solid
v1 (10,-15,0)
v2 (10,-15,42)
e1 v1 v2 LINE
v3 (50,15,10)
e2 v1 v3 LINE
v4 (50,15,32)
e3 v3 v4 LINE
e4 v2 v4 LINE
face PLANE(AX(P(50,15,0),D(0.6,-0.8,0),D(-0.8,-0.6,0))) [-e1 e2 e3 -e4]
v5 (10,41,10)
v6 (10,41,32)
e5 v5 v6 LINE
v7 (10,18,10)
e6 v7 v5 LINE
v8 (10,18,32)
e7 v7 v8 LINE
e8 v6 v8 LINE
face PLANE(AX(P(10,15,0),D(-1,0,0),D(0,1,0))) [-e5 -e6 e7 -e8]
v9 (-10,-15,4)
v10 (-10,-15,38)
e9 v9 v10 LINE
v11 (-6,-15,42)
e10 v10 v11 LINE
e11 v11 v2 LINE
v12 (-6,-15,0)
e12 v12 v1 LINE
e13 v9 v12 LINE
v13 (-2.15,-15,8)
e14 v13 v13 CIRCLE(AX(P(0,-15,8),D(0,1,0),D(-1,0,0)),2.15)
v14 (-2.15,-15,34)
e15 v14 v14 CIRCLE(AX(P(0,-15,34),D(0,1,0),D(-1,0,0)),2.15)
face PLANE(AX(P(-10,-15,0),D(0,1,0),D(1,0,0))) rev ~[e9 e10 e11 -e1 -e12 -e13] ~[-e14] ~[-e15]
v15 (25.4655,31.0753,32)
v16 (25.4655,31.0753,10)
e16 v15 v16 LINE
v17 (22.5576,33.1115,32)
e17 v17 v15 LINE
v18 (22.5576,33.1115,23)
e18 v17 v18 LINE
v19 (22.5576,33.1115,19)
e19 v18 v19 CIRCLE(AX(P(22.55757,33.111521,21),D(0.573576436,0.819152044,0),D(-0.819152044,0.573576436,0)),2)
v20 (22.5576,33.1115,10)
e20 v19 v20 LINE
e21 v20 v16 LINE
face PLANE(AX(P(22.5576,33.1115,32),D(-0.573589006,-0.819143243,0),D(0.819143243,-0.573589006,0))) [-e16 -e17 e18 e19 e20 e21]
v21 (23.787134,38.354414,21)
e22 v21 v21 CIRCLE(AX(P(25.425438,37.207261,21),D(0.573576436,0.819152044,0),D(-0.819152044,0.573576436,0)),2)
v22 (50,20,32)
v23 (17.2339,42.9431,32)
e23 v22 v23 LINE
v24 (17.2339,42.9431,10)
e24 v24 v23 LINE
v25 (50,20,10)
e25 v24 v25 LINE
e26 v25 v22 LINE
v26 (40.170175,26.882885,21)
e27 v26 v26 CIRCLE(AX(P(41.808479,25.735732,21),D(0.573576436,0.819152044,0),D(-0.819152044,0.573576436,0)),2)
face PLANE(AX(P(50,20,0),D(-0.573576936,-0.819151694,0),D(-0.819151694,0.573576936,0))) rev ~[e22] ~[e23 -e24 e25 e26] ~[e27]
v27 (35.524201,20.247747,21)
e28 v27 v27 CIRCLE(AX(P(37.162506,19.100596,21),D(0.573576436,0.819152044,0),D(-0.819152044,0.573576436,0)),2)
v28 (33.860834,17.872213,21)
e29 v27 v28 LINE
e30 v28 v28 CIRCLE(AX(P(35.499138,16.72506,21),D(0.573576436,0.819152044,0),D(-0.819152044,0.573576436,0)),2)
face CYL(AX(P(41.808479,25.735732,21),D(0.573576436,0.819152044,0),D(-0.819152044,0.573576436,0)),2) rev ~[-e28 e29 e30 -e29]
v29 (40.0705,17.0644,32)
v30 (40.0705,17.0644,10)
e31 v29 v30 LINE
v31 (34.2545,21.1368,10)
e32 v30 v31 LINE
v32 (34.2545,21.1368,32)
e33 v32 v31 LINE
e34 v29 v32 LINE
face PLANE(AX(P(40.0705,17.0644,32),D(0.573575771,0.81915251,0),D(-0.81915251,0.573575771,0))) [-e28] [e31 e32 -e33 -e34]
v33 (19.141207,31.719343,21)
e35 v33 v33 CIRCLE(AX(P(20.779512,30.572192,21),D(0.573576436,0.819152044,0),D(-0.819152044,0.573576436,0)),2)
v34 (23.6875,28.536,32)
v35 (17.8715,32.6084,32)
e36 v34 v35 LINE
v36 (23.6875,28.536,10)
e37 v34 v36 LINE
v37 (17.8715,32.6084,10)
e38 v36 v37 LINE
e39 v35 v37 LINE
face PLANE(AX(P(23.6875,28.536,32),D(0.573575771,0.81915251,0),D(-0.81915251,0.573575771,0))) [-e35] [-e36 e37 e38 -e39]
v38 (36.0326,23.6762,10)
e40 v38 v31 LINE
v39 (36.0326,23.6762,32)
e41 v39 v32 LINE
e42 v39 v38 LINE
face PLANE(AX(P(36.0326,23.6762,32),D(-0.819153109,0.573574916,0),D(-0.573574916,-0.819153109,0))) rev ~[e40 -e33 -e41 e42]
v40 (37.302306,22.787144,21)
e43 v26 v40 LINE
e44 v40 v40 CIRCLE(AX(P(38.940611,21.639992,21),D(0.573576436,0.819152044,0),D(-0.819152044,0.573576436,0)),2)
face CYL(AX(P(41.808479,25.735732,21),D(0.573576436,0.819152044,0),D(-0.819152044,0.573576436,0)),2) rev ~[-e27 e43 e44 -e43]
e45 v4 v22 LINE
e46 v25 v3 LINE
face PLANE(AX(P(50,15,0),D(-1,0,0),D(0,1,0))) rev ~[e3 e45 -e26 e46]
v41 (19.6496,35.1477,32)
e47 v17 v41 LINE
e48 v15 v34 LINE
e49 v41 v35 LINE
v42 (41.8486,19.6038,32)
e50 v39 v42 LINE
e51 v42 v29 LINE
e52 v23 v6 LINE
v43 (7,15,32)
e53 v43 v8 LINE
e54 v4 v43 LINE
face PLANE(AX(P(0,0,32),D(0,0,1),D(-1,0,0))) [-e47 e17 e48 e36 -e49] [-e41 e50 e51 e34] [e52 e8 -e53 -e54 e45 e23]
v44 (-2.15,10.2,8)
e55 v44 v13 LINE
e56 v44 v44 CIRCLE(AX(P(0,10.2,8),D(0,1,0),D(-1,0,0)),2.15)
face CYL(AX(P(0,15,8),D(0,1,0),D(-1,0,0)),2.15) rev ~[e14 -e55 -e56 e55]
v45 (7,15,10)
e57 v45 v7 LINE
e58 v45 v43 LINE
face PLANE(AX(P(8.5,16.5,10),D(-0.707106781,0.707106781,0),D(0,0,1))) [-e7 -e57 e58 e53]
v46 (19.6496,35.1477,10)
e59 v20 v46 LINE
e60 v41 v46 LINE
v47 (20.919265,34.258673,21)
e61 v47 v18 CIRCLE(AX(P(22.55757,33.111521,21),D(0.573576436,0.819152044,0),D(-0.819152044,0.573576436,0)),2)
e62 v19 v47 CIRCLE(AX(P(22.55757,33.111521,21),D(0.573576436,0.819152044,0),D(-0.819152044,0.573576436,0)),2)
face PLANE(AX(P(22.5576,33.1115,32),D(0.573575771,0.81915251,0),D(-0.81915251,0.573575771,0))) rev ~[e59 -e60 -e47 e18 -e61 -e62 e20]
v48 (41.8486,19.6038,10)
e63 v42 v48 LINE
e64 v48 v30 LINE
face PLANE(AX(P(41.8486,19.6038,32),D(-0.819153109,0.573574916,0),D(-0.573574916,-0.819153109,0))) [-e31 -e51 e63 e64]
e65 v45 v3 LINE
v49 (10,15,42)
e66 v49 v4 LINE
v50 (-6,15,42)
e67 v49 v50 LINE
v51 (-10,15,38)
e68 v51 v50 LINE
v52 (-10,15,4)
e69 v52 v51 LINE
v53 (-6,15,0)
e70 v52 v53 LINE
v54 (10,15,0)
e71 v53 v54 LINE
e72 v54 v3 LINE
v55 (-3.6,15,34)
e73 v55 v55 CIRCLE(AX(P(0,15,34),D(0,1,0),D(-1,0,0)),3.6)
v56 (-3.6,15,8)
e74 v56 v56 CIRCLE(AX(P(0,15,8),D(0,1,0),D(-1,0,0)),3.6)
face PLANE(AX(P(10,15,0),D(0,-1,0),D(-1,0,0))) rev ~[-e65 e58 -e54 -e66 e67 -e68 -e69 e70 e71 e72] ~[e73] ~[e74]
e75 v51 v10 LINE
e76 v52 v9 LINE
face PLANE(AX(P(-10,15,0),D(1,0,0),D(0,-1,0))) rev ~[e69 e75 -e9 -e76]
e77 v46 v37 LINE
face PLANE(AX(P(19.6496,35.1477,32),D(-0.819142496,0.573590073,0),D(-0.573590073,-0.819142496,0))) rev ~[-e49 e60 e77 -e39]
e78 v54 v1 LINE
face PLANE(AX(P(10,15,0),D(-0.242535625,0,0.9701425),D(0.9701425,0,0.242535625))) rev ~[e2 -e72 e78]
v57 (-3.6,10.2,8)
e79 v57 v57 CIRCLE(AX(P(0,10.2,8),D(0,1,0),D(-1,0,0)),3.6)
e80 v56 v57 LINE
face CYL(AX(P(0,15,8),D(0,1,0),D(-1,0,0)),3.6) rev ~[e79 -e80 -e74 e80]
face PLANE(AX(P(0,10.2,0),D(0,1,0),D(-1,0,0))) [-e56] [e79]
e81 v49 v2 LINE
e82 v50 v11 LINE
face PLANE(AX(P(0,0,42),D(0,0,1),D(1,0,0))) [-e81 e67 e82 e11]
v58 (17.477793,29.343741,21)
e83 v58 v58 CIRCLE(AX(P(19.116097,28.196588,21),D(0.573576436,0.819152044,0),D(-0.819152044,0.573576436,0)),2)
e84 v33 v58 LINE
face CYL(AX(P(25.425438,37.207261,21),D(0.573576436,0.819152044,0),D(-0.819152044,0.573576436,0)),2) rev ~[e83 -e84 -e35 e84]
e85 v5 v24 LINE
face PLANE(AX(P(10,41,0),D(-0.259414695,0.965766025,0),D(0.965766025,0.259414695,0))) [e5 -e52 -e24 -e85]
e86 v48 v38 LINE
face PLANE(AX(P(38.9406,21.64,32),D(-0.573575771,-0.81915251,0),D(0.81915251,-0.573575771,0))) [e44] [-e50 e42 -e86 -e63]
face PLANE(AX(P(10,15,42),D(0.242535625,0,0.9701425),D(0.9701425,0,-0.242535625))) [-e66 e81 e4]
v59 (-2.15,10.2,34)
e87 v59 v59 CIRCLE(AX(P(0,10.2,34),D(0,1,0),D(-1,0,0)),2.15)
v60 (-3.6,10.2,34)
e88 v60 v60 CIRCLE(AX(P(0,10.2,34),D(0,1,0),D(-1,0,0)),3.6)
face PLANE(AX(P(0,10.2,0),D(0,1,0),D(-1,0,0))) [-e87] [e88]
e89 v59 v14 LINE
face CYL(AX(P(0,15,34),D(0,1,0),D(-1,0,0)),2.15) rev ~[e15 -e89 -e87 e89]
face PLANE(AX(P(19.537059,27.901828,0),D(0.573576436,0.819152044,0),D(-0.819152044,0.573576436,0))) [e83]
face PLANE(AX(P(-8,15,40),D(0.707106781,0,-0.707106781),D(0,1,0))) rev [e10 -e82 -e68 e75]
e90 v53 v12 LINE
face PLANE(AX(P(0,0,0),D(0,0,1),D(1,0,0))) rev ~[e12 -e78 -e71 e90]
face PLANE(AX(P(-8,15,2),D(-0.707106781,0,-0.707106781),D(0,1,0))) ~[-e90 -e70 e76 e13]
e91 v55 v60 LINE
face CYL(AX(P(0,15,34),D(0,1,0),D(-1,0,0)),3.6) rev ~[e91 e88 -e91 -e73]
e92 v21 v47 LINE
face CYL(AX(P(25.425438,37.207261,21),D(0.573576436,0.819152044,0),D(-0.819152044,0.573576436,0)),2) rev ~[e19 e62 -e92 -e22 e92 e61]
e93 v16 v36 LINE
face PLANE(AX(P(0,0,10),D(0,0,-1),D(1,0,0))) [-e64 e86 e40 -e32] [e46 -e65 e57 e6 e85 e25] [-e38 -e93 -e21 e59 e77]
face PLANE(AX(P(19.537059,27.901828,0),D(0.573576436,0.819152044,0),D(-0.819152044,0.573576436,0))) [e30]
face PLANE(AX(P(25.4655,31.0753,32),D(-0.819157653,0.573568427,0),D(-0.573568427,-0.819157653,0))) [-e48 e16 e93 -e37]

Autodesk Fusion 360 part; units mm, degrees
sketch "Sketch1" plane through (0, 0, 0) normal (0, 0, 1) x (1, 0, 0) in component "Spool Holder"
  line L0 (10, 15) -> (-10, 15)
  line L1 (-10, 15) -> (-10, -15)
  line L2 (-10, -15) -> (10, -15)
  line L3 (10, -15) -> (10, 15)
  line L4 (10, 15) -> (-10, -15) construction
  line L5 (-10, 15) -> (10, -15) construction
  line L6 (10, 15) -> (50, 15)
  line L7 (50, 15) -> (50, 20)
  line L8 (50, 20) -> (17.2339, 42.9431)
  line L9 (50, 20) -> (46.0037, 20) construction
  line L10 (50, 15) -> (10, -15)
  line L11 (17.2339, 42.9431) -> (10, 32.612)
  line L12 (17.2339, 42.9431) -> (32.2339, 42.9431) construction
  line L13 (10, 15) -> (10, 32.612)
  line L14 (10, 32.612) -> (10, 41)
  line L15 (10, 41) -> (17.2339, 42.9431)
  dimension "d1" = 30
  dimension "d2" = 20
  dimension "d3" = 40
  dimension "d4" = 5
  dimension "d5" = 145
  dimension "d6" = 40
  dimension "d7" = 125
extrude "Extrude1" add sketch "Sketch1" along normal blind 42 in component "Spool Holder"
sketch "Sketch2" plane through (0, 0, 42) normal (0, 0, 1) x (-1, 0, 0) in component "Spool Holder"
  line L0 (10, -15) -> (10, 15)
  line L1 (10, 15) -> (-10, 15)
  line L2 (-10, 15) -> (-50, -15)
  line L3 (-50, -15) -> (-50, -20)
  line L4 (-50, -20) -> (-17.2339, -42.9431)
  line L5 (-10, -41) -> (-10, -15)
  line L6 (-10, -15) -> (10, -15)
  line L7 (-10, -15) -> (-50, -15)
  line L8 (-17.2339, -42.9431) -> (-10, -41)
extrude "Extrude2" cut sketch "Sketch2" against normal blind 10 contours L3 L4 L5 L7 L8 in component "Spool Holder"
sketch "Sketch3" plane through (0, 0, 0) normal (0, 0, -1) x (1, 0, 0) in component "Spool Holder"
  line L0 (-10, 15) -> (-10, -15)
  line L1 (-10, -15) -> (10, -15)
  line L2 (10, -15) -> (10, -41)
  line L3 (17.2339, -42.9431) -> (50, -20)
  line L4 (50, -20) -> (50, -15)
  line L5 (50, -15) -> (10, 15)
  line L6 (10, 15) -> (-10, 15)
  line L7 (10, -15) -> (50, -15)
  line L8 (10, -41) -> (17.2339, -42.9431)
extrude "Extrude3" cut sketch "Sketch3" against normal blind 10 contours L2 L3 L4 L7 L8 in component "Spool Holder"
sketch "Sketch4" plane through (0, 15, 0) normal (0, 1, 0) x (-1, 0, 0) in component "Spool Holder"
  line L0 (-50, 0) -> (10, 0)
  line L1 (10, 0) -> (10, 42)
  line L2 (10, 42) -> (-50, 42)
  line L3 (-50, 42) -> (-50, 32)
  line L4 (-50, 32) -> (-10, 32)
  line L5 (-10, 32) -> (-10, 10)
  line L6 (-10, 10) -> (-50, 10)
  line L7 (-50, 10) -> (-50, 0)
  line L8 (-10, 32) -> (-10, 42)
  line L9 (-10, 10) -> (-10, 0)
  line L10 (-10, 42) -> (-50, 32)
  line L11 (-10, 0) -> (-50, 10)
  point P0 (-10, 0)
extrude "Extrude4" cut sketch "Sketch4" along normal up to surface contours L0 L7 L11 | L2 L3 L10 end surface through (50, 15, 0) normal (0.6, -0.8, 0) offset 0 in component "Spool Holder"
sketch "Sketch5" plane through (0, 0, 32) normal (0, 0, 1) x (-1, 0, 0) in component "Spool Holder"
  line L0 (-10, -15) -> (-50, -15)
  line L1 (-50, -15) -> (-50, -20)
  line L2 (-50, -20) -> (-17.2339, -42.9431)
  line L3 (-10, -41) -> (-10, -15)
  line L4 (-17.2339, -42.9431) -> (-14.366, -38.8473) construction
  line L5 (-14.366, -38.8473) -> (-54.355, -10.8467) construction
  line L6 (-14.366, -38.8473) -> (-12.5879, -36.3079) construction
  line L7 (-12.5879, -36.3079) -> (-56.8094, -5.3437) construction
  line L8 (-50, -20) -> (-45.354, -13.3649) construction
  line L9 (-50, -20) -> (-58.1, -20) construction
  line L10 (-14.366, -38.8473) -> (-22.5576, -33.1115) construction
  line L11 (-22.5576, -33.1115) -> (-20.7795, -30.5722) construction
  line L12 (-47.1321, -15.9042) -> (-38.9406, -21.64) construction
  line L13 (-38.9406, -21.64) -> (-37.1625, -19.1006) construction
  line L14 (-22.5576, -33.1115) -> (-25.4655, -31.0753)
  line L15 (-25.4655, -31.0753) -> (-23.6875, -28.536)
  line L16 (-22.5576, -33.1115) -> (-19.6496, -35.1477)
  line L17 (-19.6496, -35.1477) -> (-17.8715, -32.6084)
  line L18 (-23.6875, -28.536) -> (-17.8715, -32.6084)
  line L19 (-38.9406, -21.64) -> (-41.8486, -19.6038)
  line L20 (-41.8486, -19.6038) -> (-40.0705, -17.0644)
  line L21 (-38.9406, -21.64) -> (-36.0326, -23.6762)
  line L22 (-36.0326, -23.6762) -> (-34.2545, -21.1368)
  line L23 (-40.0705, -17.0644) -> (-34.2545, -21.1368)
  line L24 (-17.2339, -42.9431) -> (-10, -41)
  dimension "d17" = 5
  dimension "d18" = 3.1
  dimension "d19" = 125
  dimension "d20" = 8.1
  dimension "d21" = 10
  dimension "d22" = 10
  dimension "d23" = 3.55
  dimension "d24" = 3.55
  dimension "d25" = 3.55
  dimension "d26" = 3.55
extrude "Extrude5" cut sketch "Sketch5" against normal up to surface (22 mm away) contours L14 L15 L16 L17 L18 | L19 L20 L21 L22 L23 in component "Spool Holder"
sketch "Sketch6" plane through (25.8464, 36.9125, 0) normal (0.5736, 0.8192, 0) x (-0.8192, 0.5736, 0) in component "Spool Holder"
  line L0 (-29.4861, 10) -> (10.5139, 10)
  line L1 (10.5139, 32) -> (-29.4861, 32)
  line L2 (-29.4861, 32) -> (-29.4861, 10)
  line L3 (10.5139, 10) -> (10.5139, 32) construction
  line L4 (10.5139, 21) -> (-29.4861, 21) construction
  line L5 (10.5139, 21) -> (0.5139, 21) construction
  line L6 (-29.4861, 21) -> (-19.4861, 21) construction
  circle A0 centre (0.5139, 21) radius 2
  circle A1 centre (-19.4861, 21) radius 2
  line L7 (10.5139, 10) -> (10.5139, 32)
  dimension "d29" = 10
  dimension "d30" = 10
  dimension "d31" = 4
  dimension "d32" = 4
extrude "Extrude6" cut sketch "Sketch6" against normal blind 11 contours A0 | A1 in component "Spool Holder"
sketch "Sketch7" plane through (0, 15, 0) normal (0, 1, 0) x (-1, 0, 0) in component "Spool Holder"
  line L0 (-10, 42) -> (-50, 32)
  line L1 (-50, 32) -> (-10, 32)
  line L2 (-10, 32) -> (-10, 10)
  line L3 (-10, 10) -> (-50, 10)
  line L4 (-50, 10) -> (-10, 0)
  line L5 (-10, 0) -> (10, 0)
  line L6 (10, 0) -> (10, 42)
  line L7 (10, 42) -> (-10, 42)
  line L8 (-10, 42) -> (-10, 0) construction
  line L9 (-10, 42) -> (10, 42) construction
  line L10 (0, 42) -> (0, 0) construction
  line L11 (0, 42) -> (0, 34) construction
  line L12 (0, 0) -> (0, 8) construction
  circle A0 centre (0, 34) radius 3.6
  circle A1 centre (0, 8) radius 3.6
  dimension "d35" = 8
  dimension "d36" = 8
  dimension "d37" = 7.2
  dimension "d38" = 7.2
extrude "Extrude7" cut sketch "Sketch7" against normal blind 4.8 contours A0 | A1 in component "Spool Holder"
sketch "Sketch8" plane through (0, 15, 0) normal (0, 1, 0) x (-1, 0, 0) in component "Spool Holder"
  circle A0 centre (0, 8) radius 3.6
  circle A1 centre (0, 34) radius 3.6
  line L0 (-10, 42) -> (-50, 32)
  line L1 (-50, 32) -> (-10, 32)
  line L2 (-10, 32) -> (-10, 10)
  line L3 (-10, 10) -> (-50, 10)
  line L4 (-50, 10) -> (-10, 0)
  line L5 (-10, 0) -> (10, 0)
  line L6 (10, 0) -> (10, 42)
  line L7 (10, 42) -> (-10, 42)
  circle A2 centre (0, 8) radius 2.15
  circle A3 centre (0, 34) radius 2.15
  dimension "d41" = 4.3
  dimension "d42" = 4.3
extrude "Extrude8" cut sketch "Sketch8" against normal up to surface (30 mm away) contours A2 | A3 in component "Spool Holder"
chamfer "Chamfer1" distance 4 angle 45 2 edges at (-10, 0, 0) (-10, 0, 42) in component "Spool Holder"
chamfer "Chamfer2" distance 3 angle 45 1 edges at (10, 15, 21) in component "Spool Holder"
component "Spool Holder" placed x (1, 0, 0) y (0, 1, 0) z (0, 0, 1) at (0, 0, 0)
equation "d23 = ( 7.1 / 2 ) * 1 mm"
equation "d24 = ( 7.1 / 2 ) * 1 mm"
equation "d25 = ( 7.1 / 2 ) * 1 mm"
equation "d26 = ( 7.1 / 2 ) * 1 mm"
